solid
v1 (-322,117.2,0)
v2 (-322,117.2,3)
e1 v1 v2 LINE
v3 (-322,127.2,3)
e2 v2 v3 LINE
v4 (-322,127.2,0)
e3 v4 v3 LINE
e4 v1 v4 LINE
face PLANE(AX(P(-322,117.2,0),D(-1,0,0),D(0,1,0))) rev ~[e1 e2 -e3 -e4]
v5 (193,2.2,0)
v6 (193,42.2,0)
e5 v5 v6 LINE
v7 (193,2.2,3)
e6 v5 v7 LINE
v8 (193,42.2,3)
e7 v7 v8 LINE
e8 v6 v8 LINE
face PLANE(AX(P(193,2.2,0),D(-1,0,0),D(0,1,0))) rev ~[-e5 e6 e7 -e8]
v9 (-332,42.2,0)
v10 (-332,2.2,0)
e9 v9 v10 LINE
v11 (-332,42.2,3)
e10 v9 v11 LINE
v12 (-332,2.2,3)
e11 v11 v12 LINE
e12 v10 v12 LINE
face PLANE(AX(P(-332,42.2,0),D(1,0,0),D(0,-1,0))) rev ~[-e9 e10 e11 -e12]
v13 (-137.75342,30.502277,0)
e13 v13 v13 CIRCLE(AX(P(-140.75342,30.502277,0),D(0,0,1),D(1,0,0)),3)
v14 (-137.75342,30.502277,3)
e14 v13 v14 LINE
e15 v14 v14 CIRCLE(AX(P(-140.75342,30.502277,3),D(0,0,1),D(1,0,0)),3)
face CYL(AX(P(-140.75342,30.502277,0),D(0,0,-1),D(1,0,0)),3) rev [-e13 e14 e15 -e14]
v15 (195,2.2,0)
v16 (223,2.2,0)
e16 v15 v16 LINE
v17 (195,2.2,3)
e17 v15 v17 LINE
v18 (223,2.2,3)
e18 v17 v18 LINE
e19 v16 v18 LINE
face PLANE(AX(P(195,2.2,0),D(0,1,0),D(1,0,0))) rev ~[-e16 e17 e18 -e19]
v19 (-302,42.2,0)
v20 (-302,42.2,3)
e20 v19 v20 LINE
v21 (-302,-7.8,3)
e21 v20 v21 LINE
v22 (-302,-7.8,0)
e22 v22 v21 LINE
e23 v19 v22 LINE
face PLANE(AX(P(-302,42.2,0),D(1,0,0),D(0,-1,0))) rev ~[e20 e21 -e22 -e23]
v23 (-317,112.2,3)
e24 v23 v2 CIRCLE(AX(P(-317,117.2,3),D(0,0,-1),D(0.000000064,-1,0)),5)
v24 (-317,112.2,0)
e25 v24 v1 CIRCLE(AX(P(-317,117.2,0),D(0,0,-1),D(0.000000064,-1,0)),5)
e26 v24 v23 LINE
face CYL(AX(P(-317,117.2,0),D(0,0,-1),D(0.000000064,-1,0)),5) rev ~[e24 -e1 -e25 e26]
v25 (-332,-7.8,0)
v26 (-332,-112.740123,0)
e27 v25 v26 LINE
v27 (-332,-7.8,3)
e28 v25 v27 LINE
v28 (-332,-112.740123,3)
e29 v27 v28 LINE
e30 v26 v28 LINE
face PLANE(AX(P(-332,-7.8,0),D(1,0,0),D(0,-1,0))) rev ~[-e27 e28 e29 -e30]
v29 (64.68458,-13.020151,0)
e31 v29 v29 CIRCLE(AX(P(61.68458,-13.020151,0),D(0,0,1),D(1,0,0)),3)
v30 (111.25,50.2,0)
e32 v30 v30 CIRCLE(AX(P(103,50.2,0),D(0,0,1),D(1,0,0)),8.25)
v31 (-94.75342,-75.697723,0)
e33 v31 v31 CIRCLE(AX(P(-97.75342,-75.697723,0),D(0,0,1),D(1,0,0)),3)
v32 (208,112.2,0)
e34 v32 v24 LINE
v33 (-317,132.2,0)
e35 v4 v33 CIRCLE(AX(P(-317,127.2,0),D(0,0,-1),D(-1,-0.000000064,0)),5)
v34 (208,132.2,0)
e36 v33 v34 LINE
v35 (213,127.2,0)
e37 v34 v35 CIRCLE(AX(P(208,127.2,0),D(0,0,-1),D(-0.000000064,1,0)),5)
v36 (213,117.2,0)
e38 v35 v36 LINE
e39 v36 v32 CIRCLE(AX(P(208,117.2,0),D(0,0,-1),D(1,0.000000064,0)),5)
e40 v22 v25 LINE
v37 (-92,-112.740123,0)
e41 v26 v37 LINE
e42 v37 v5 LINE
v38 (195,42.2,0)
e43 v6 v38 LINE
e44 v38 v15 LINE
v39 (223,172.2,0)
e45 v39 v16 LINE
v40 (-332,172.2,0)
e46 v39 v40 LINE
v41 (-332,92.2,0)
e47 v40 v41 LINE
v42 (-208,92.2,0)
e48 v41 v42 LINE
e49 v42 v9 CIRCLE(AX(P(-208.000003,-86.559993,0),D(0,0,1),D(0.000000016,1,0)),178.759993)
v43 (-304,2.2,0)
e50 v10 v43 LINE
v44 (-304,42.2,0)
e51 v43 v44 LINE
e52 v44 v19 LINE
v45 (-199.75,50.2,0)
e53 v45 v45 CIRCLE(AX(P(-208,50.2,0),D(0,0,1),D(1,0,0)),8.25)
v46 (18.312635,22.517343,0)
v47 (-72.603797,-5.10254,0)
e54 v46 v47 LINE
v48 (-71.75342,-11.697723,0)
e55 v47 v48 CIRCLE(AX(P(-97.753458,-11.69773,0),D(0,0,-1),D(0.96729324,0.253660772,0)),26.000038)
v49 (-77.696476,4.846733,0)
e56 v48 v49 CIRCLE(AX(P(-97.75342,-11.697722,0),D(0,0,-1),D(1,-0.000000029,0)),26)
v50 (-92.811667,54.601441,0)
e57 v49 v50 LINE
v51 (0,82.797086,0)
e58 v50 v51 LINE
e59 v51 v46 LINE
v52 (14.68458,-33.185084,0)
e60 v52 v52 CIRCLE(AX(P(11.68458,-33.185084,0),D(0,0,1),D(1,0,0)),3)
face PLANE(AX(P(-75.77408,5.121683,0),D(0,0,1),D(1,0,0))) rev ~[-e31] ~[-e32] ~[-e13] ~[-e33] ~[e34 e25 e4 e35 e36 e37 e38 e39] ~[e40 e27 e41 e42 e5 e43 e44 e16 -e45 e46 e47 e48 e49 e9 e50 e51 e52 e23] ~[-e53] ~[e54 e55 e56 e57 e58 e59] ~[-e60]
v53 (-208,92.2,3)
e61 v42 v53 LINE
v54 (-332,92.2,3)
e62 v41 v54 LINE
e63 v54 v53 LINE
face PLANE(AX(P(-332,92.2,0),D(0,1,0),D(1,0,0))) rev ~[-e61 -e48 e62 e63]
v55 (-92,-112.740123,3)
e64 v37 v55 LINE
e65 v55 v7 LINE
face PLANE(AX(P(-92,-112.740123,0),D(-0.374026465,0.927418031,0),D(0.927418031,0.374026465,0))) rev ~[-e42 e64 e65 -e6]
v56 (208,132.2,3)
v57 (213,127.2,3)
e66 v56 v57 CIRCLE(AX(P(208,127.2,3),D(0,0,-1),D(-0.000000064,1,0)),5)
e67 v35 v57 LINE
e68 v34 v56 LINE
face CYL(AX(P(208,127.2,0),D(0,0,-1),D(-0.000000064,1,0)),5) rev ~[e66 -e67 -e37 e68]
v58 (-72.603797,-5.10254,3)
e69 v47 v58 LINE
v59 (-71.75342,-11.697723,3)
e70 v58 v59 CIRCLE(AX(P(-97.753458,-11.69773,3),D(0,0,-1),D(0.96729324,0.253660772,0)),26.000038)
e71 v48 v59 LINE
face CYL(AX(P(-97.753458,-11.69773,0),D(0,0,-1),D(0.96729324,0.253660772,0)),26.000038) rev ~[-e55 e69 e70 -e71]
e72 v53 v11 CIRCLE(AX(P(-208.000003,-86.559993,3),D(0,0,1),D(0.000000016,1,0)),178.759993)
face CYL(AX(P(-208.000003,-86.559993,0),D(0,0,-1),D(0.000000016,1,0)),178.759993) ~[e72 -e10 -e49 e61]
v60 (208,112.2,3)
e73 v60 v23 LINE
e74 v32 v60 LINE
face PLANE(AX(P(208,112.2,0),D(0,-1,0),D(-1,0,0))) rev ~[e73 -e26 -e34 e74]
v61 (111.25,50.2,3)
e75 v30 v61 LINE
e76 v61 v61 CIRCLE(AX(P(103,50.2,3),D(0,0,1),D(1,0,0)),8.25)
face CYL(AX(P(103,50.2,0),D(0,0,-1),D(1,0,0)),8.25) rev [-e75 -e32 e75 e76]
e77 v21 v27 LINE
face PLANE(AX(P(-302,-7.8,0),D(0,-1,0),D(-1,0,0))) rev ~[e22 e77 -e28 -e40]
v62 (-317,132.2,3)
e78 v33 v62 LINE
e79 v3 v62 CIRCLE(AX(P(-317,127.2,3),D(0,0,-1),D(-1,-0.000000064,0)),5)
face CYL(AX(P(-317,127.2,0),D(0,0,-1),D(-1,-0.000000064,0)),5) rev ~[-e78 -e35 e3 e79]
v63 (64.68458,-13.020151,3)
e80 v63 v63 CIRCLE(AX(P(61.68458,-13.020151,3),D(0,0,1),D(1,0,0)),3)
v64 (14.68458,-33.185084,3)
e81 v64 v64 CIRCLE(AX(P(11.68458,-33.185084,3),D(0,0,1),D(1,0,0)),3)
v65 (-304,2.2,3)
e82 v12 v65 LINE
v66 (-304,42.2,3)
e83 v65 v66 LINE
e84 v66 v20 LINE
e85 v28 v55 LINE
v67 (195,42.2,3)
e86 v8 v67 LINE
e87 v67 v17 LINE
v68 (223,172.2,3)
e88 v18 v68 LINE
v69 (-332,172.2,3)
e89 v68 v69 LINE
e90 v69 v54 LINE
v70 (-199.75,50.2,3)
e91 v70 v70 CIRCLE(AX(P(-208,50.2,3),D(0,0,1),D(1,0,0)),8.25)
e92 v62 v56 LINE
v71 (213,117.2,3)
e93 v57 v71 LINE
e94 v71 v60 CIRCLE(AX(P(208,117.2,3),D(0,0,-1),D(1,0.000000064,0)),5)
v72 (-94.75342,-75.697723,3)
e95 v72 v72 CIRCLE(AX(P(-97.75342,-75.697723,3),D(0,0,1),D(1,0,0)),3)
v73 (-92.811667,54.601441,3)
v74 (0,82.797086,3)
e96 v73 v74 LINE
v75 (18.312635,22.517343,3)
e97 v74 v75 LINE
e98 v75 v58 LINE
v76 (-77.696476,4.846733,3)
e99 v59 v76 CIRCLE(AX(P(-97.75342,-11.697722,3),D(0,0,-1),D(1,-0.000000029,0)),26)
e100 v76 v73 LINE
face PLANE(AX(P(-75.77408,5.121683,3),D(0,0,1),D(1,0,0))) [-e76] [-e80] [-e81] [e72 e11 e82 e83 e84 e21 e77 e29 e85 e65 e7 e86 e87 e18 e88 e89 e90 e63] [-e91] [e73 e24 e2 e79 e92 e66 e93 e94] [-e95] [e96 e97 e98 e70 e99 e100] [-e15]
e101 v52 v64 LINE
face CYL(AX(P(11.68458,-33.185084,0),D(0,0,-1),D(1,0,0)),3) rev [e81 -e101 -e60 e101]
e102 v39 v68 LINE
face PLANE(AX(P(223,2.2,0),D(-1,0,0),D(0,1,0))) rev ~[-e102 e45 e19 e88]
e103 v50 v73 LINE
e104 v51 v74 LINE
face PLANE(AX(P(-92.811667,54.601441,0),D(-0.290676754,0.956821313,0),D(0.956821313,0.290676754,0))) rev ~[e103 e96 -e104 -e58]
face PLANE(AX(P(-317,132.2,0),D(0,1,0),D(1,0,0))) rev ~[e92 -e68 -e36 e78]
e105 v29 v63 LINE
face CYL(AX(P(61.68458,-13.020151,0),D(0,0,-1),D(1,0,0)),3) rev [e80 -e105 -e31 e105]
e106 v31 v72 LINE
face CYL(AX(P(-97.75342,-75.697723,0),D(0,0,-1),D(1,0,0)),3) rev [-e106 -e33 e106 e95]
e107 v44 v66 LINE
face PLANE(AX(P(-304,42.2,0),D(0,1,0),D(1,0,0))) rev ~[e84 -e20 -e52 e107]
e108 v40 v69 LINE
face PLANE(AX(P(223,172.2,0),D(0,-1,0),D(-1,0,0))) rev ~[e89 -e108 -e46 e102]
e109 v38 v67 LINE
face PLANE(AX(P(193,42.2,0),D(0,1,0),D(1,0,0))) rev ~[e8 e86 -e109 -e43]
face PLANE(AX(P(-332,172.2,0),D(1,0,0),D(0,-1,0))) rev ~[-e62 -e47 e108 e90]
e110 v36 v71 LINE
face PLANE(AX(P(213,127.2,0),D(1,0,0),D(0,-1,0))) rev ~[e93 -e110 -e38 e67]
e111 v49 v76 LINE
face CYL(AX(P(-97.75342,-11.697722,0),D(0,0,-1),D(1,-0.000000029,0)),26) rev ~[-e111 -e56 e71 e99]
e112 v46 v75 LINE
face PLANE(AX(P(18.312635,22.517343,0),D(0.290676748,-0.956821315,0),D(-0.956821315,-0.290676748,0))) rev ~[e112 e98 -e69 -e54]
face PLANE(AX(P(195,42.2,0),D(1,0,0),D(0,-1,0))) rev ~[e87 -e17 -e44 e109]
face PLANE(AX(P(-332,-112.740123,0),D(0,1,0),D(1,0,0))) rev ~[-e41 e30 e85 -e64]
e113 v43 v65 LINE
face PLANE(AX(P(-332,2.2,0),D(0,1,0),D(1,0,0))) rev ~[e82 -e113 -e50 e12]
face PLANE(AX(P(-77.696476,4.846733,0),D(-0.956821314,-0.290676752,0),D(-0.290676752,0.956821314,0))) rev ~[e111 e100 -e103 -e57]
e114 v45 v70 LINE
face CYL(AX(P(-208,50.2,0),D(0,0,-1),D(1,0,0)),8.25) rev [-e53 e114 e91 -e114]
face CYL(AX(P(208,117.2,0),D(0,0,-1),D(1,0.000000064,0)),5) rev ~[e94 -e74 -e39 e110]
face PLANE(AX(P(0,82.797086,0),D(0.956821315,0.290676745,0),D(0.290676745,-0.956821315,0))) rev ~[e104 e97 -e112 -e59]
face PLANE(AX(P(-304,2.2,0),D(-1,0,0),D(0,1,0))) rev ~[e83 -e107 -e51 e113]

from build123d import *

# Parameters (mm, degrees)
F0_R     = 3
F0_R_2   = 8.25
F1_DEPTH = 3
F2_DEPTH = 3


with BuildPart() as f1:
    # F0 (on Top) → F1 (new body)
    with BuildSketch(Plane.XY):
        with BuildLine():
            Line((-332, -112.740123), (-92, -112.740123))
            Line((-92, -112.740123), (193, 2.2))
            Line((193, 2.2), (193, 42.2))
            Line((193, 42.2), (195, 42.2))
            Line((195, 42.2), (195, 2.2))
            Line((195, 2.2), (223, 2.2))
            Line((223, 2.2), (223, 42.2))
            Line((223, 42.2), (223, 92.2))
            Line((223, 92.2), (-208, 92.2))
            ThreePointArc((-208, 92.2), (-274.85058, 79.229438), (-332, 42.2))
            Line((-332, 42.2), (-332, 2.2))
            Line((-332, 2.2), (-304, 2.2))
            Line((-304, 2.2), (-304, 42.2))
            Line((-304, 42.2), (-302, 42.2))
            Line((-302, 42.2), (-302, -7.8))
            Line((-302, -7.8), (-332, -7.8))
            Line((-332, -7.8), (-332, -112.740123))
        make_face()
        with Locations((-97.75342, -75.697723)):
            Circle(F0_R, mode=Mode.SUBTRACT)
        with Locations((11.68458, -33.185084)):
            Circle(F0_R, mode=Mode.SUBTRACT)
        with Locations((61.68458, -13.020151)):
            Circle(F0_R, mode=Mode.SUBTRACT)
        with BuildLine():
            ThreePointArc((-72.603797, -5.10254), (-71.966891, -8.372833), (-71.75342, -11.697723))
            ThreePointArc((-71.75342, -11.697723), (-122.22259, -20.487474), (-77.696476, 4.846733))
            Line((-77.696476, 4.846733), (-92.811667, 54.601441))
            Line((-92.811667, 54.601441), (0, 82.797086))
            Line((0, 82.797086), (18.312635, 22.517343))
            Line((18.312635, 22.517343), (-72.603797, -5.10254))
        make_face(mode=Mode.SUBTRACT)
        with Locations((-208, 50.2)):
            Circle(F0_R_2, mode=Mode.SUBTRACT)
        with Locations((-140.75342, 30.502277)):
            Circle(F0_R, mode=Mode.SUBTRACT)
        with Locations((103, 50.2)):
            Circle(F0_R_2, mode=Mode.SUBTRACT)
    extrude(amount=F1_DEPTH)

    # F0 (on Top) → F2 (join)
    with BuildSketch(Plane.XY):
        with BuildLine():
            Line((-332, -112.740123), (-92, -112.740123))
            Line((-92, -112.740123), (193, 2.2))
            Line((193, 2.2), (193, 42.2))
            Line((193, 42.2), (195, 42.2))
            Line((195, 42.2), (195, 2.2))
            Line((195, 2.2), (223, 2.2))
            Line((223, 2.2), (223, 42.2))
            Line((223, 42.2), (223, 92.2))
            Line((223, 92.2), (-208, 92.2))
            ThreePointArc((-208, 92.2), (-274.85058, 79.229438), (-332, 42.2))
            Line((-332, 42.2), (-332, 2.2))
            Line((-332, 2.2), (-304, 2.2))
            Line((-304, 2.2), (-304, 42.2))
            Line((-304, 42.2), (-302, 42.2))
            Line((-302, 42.2), (-302, -7.8))
            Line((-302, -7.8), (-332, -7.8))
            Line((-332, -7.8), (-332, -112.740123))
        make_face()
        with Locations((-97.75342, -75.697723)):
            Circle(F0_R, mode=Mode.SUBTRACT)
        with Locations((11.68458, -33.185084)):
            Circle(F0_R, mode=Mode.SUBTRACT)
        with Locations((61.68458, -13.020151)):
            Circle(F0_R, mode=Mode.SUBTRACT)
        with BuildLine():
            ThreePointArc((-72.603797, -5.10254), (-71.966891, -8.372833), (-71.75342, -11.697723))
            ThreePointArc((-71.75342, -11.697723), (-122.22259, -20.487474), (-77.696476, 4.846733))
            Line((-77.696476, 4.846733), (-92.811667, 54.601441))
            Line((-92.811667, 54.601441), (0, 82.797086))
            Line((0, 82.797086), (18.312635, 22.517343))
            Line((18.312635, 22.517343), (-72.603797, -5.10254))
        make_face(mode=Mode.SUBTRACT)
        with Locations((-208, 50.2)):
            Circle(F0_R_2, mode=Mode.SUBTRACT)
        with Locations((-140.75342, 30.502277)):
            Circle(F0_R, mode=Mode.SUBTRACT)
        with Locations((103, 50.2)):
            Circle(F0_R_2, mode=Mode.SUBTRACT)
        Polygon((-208, 92.2), (223, 92.2), (223, 172.2), (-332, 172.2), (-332, 92.2), align=None)
        with BuildLine():
            ThreePointArc((-322, 127.2), (-320.535534, 130.735534), (-317, 132.2))
            Line((-317, 132.2), (208, 132.2))
            ThreePointArc((208, 132.2), (211.535534, 130.735534), (213, 127.2))
            Line((213, 127.2), (213, 117.2))
            ThreePointArc((213, 117.2), (211.535534, 113.664466), (208, 112.2))
            Line((208, 112.2), (-317, 112.2))
            ThreePointArc((-317, 112.2), (-320.535534, 113.664466), (-322, 117.2))
            Line((-322, 117.2), (-322, 127.2))
        make_face(mode=Mode.SUBTRACT)
    extrude(amount=F2_DEPTH)


solid = f1.part
